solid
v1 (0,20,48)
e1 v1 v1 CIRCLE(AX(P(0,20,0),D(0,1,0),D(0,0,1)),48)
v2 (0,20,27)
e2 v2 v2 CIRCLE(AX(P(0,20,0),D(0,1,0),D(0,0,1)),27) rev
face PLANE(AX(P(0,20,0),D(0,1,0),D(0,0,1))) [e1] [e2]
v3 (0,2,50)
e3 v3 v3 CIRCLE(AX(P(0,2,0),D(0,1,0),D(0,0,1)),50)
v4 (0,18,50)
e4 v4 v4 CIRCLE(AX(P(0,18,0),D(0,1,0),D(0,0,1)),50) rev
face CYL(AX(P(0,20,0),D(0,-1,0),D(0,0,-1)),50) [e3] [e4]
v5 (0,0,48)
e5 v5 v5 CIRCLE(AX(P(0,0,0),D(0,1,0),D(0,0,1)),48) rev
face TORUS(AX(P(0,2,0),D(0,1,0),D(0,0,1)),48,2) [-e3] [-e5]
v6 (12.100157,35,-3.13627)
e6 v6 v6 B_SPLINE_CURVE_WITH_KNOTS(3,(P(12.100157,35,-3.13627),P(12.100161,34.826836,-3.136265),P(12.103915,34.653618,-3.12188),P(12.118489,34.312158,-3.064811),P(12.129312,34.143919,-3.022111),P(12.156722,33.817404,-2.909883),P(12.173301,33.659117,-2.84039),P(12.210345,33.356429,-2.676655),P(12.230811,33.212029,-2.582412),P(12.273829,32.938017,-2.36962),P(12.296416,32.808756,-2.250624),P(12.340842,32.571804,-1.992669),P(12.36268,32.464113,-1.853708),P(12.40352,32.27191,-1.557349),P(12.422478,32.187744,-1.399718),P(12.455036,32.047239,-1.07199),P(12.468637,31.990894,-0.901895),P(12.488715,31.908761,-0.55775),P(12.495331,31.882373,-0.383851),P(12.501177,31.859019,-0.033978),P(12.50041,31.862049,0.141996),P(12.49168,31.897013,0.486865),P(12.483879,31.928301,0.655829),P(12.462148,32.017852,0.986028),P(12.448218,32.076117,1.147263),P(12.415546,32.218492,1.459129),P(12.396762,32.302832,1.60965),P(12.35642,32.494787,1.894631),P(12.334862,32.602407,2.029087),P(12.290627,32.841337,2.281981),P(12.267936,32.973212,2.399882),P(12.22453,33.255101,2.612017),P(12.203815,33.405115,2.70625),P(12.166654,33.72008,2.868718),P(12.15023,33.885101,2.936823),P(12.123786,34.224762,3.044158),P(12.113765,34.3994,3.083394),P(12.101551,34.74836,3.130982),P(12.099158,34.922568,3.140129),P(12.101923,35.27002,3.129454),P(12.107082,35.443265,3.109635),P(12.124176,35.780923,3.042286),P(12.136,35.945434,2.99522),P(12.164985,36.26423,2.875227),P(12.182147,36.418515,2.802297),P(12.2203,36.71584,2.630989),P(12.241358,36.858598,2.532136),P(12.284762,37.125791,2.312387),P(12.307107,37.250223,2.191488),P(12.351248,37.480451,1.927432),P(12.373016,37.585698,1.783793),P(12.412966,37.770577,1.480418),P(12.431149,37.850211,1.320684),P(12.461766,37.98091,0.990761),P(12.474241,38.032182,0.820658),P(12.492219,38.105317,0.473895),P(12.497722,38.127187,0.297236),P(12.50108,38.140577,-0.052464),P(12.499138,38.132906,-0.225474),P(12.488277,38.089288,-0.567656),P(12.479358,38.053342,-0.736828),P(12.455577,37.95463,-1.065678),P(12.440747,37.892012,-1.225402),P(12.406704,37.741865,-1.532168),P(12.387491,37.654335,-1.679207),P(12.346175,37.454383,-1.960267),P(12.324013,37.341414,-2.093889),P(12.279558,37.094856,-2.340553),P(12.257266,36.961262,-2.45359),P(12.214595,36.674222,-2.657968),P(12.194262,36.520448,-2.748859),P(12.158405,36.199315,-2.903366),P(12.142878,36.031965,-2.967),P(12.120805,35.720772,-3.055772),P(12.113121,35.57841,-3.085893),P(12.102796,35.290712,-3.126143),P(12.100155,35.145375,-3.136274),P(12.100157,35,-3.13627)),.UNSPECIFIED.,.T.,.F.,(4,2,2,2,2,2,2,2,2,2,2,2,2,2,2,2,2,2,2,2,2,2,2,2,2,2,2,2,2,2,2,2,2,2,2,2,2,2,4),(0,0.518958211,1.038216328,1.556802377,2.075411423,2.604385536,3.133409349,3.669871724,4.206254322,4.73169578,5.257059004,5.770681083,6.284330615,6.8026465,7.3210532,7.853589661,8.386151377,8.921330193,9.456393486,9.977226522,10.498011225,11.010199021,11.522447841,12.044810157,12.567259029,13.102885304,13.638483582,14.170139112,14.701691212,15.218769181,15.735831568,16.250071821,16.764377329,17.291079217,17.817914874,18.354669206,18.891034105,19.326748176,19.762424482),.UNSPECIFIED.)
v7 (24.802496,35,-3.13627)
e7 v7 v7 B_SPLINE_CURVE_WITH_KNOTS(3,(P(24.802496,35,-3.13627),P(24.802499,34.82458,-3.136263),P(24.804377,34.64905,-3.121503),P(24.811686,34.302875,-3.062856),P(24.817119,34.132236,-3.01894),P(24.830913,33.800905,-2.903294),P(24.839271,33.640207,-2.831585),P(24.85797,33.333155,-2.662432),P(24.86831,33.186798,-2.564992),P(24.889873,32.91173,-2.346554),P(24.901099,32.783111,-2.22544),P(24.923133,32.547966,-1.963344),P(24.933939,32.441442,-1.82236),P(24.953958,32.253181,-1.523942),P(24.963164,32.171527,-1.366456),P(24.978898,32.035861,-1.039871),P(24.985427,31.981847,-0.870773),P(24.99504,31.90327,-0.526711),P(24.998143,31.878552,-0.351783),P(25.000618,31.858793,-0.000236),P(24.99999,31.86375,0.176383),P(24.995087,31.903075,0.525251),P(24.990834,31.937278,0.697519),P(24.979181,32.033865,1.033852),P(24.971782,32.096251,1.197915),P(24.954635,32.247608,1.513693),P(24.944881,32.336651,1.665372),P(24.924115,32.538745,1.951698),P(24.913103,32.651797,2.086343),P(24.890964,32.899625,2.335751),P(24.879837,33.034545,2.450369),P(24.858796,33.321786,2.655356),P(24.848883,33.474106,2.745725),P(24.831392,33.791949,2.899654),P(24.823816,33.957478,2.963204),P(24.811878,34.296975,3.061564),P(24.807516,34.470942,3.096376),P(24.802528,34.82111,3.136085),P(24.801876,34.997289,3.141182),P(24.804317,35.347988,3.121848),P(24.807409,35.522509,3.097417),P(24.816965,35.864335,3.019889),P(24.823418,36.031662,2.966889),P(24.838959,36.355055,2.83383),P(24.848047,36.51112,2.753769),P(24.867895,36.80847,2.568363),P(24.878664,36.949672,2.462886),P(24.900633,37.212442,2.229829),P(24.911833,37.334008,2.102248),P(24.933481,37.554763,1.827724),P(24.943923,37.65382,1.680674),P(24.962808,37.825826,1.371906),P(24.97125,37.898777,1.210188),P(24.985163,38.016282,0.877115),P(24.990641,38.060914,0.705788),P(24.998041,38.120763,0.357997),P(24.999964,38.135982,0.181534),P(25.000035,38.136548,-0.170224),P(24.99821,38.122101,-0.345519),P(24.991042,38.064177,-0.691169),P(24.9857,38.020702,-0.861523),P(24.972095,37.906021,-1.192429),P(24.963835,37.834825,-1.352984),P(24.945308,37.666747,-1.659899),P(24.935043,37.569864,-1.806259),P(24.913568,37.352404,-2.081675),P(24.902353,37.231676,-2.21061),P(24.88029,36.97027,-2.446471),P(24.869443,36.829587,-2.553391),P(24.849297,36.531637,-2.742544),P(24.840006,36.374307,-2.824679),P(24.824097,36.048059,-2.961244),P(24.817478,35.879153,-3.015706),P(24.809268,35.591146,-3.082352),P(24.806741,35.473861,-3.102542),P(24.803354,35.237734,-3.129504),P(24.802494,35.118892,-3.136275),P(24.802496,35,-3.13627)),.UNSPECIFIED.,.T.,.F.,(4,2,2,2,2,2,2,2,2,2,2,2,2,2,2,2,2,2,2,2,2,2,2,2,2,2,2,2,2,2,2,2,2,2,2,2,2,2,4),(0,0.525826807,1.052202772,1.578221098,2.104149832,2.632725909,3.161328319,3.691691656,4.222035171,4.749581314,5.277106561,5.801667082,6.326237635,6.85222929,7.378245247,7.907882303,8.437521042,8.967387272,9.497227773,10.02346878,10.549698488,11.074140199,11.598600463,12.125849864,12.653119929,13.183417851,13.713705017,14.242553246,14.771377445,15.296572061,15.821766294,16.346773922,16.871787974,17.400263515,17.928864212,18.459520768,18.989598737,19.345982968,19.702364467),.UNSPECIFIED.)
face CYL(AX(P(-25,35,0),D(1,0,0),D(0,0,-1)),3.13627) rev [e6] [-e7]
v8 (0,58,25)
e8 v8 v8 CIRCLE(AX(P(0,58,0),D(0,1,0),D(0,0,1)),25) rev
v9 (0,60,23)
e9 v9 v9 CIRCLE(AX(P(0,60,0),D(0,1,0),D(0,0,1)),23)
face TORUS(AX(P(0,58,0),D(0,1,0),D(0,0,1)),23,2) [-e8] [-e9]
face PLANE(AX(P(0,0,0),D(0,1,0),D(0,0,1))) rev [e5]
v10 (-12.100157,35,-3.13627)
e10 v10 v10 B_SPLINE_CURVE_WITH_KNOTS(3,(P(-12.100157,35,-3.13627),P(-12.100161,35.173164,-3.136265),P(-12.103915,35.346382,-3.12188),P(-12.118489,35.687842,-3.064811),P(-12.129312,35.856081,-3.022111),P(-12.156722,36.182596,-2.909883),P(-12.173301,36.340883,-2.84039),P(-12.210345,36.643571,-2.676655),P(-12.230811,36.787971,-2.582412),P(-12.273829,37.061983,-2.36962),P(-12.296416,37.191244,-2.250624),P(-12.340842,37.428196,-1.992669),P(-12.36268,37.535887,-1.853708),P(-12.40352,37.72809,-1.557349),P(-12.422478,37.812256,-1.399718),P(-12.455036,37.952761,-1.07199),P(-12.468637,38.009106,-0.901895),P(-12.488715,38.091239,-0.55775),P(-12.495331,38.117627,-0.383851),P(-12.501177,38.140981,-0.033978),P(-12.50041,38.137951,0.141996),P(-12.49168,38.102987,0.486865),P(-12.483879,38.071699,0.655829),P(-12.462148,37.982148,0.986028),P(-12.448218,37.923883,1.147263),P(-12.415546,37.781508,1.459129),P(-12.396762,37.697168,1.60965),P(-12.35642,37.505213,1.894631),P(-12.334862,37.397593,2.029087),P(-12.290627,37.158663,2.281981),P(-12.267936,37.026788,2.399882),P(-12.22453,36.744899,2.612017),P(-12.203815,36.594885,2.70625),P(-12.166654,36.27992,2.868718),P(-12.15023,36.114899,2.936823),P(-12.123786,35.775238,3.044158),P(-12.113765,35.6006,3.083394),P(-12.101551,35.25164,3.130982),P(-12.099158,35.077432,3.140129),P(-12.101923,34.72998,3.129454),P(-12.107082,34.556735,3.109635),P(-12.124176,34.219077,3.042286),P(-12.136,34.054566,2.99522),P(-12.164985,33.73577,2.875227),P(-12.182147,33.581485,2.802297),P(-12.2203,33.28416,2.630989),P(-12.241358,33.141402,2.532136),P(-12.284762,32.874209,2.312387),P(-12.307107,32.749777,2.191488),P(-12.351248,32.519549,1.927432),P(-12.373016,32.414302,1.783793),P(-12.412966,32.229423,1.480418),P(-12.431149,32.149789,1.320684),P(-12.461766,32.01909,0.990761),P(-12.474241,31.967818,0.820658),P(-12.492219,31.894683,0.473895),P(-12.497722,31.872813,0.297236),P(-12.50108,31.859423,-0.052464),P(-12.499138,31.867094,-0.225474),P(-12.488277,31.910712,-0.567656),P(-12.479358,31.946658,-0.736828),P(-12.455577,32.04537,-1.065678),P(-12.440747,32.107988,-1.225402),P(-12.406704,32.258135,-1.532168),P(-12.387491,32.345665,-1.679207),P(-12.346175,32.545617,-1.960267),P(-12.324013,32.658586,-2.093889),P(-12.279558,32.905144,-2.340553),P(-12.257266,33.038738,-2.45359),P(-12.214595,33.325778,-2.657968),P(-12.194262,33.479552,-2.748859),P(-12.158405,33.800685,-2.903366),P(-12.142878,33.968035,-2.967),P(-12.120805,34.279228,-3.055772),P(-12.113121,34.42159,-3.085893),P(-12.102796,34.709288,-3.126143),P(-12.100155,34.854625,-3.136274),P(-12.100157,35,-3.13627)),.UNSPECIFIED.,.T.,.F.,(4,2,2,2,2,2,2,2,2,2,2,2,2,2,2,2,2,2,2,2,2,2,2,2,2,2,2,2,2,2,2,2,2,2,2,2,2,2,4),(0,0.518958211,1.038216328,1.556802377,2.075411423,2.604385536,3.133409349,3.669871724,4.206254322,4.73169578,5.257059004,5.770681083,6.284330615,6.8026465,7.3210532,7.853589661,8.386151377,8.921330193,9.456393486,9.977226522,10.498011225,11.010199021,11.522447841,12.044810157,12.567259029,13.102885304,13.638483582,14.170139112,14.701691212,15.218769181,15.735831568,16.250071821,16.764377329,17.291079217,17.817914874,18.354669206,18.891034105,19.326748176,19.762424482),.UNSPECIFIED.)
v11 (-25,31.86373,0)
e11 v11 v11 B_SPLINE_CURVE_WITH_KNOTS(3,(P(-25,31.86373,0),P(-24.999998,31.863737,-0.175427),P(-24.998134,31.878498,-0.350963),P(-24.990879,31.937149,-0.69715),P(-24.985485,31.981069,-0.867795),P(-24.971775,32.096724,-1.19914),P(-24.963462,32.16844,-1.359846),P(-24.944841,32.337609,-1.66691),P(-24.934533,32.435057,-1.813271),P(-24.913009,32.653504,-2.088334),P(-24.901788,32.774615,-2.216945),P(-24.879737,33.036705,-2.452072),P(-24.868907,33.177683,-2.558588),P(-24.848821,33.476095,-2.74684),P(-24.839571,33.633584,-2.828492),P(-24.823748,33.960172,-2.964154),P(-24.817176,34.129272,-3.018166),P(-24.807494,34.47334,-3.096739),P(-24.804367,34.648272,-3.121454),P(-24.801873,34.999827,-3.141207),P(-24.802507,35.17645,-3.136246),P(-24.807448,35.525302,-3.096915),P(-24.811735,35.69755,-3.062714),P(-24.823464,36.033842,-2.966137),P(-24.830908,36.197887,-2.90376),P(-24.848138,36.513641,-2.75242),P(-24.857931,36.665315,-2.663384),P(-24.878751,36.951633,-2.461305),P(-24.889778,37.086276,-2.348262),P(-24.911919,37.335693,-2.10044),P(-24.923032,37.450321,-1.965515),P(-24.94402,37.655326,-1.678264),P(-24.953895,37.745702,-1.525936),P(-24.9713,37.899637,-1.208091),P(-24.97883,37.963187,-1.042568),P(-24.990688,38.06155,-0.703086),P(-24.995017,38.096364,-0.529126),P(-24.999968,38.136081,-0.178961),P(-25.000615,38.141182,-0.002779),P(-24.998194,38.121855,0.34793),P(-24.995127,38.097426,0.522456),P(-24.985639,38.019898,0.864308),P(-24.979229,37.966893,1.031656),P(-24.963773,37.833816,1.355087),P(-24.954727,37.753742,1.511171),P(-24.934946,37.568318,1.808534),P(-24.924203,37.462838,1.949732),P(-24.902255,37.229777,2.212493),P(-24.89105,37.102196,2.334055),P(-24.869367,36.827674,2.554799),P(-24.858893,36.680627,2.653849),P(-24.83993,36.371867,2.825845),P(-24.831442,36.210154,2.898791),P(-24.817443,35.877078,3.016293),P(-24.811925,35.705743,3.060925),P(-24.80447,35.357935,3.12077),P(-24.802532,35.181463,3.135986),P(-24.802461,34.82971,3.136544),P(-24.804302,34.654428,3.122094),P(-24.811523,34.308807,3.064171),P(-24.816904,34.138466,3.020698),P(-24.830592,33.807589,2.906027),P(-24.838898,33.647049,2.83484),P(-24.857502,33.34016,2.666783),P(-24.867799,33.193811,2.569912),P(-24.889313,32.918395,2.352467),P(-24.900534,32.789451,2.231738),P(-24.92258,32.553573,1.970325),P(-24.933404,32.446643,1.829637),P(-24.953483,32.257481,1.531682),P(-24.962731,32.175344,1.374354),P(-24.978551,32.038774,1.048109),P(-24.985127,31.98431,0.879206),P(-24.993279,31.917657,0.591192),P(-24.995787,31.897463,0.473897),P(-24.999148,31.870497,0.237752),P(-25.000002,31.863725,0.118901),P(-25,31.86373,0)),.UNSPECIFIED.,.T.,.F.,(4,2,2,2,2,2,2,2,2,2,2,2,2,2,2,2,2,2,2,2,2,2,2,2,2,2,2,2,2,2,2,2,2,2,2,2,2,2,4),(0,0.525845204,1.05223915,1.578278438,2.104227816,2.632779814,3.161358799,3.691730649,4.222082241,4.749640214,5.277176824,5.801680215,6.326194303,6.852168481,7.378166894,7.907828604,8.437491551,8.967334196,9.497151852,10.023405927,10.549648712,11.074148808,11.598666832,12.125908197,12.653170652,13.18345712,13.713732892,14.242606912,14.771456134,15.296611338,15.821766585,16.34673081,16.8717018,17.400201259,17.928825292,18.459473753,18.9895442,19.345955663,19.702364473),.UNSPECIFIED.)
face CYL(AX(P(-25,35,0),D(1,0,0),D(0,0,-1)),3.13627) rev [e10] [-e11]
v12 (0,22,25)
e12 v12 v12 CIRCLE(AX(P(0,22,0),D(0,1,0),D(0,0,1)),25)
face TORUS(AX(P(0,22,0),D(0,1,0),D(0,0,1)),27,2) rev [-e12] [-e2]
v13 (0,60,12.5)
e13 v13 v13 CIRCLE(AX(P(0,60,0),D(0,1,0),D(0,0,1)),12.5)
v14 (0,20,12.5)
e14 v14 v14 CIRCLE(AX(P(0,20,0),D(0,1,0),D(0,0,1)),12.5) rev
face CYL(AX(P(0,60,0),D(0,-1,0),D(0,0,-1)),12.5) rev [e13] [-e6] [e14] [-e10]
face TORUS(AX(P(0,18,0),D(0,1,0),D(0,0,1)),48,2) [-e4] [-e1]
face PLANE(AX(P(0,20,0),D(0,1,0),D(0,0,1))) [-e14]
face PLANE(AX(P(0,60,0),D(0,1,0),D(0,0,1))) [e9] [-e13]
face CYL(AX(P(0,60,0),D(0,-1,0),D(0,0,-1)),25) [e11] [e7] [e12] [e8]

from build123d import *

# Parameters (mm, degrees)
SKETCH1_R           = 50
BOSS_EXTRUDE1_DEPTH = 20
SKETCH2_R           = 25
SKETCH2_R_2         = 12.5
BOSS_EXTRUDE2_DEPTH = 40
FILLET1_R           = 2
FILLET2_R           = 2
SKETCH3_R           = 3.136270049
CUT_EXTRUDE1_DEPTH  = 25


with BuildPart() as part:
    # Sketch1 → Boss-Extrude1 (new body)
    with BuildSketch(Plane(origin=(0, 0, 0), x_dir=(1, 0, 0), z_dir=(0, 1, 0))):
        with Locations(Location((0, 0, 0), (0, 0, 270))):
            Circle(SKETCH1_R)
    extrude(amount=BOSS_EXTRUDE1_DEPTH)

    # Sketch2 → Boss-Extrude2 (add)
    with BuildSketch(Plane(origin=(0, 20, 0), x_dir=(1, 0, 0), z_dir=(0, 1, 0))):
        with Locations(Location((0, 0, 0), (0, 0, 270))):
            Circle(SKETCH2_R)
        with Locations(Location((0, 0, 0), (0, 0, 270))):
            Circle(SKETCH2_R_2, mode=Mode.SUBTRACT)
    extrude(amount=BOSS_EXTRUDE2_DEPTH)

    # Fillet1
    fillet1_edges = [part.edges().sort_by_distance(p)[0] for p in [
        (0, 0, -50),
    ]]
    fillet(fillet1_edges, radius=FILLET1_R)

    # Fillet2
    fillet2_edges = [part.edges().sort_by_distance(p)[0] for p in [
        (0, 20, -50),
        (0, 60, -25),
        (0, 20, -25),
    ]]
    fillet(fillet2_edges, radius=FILLET2_R)

    # Sketch3 → Cut-Extrude1 (cut, symmetric)
    with BuildSketch(Plane(origin=(0, 0, 0), x_dir=(0, 0, -1), z_dir=(1, 0, 0))):
        with Locations((0, 35)):
            Circle(SKETCH3_R)
    extrude(amount=CUT_EXTRUDE1_DEPTH, both=True, mode=Mode.SUBTRACT)


solid = part.part
